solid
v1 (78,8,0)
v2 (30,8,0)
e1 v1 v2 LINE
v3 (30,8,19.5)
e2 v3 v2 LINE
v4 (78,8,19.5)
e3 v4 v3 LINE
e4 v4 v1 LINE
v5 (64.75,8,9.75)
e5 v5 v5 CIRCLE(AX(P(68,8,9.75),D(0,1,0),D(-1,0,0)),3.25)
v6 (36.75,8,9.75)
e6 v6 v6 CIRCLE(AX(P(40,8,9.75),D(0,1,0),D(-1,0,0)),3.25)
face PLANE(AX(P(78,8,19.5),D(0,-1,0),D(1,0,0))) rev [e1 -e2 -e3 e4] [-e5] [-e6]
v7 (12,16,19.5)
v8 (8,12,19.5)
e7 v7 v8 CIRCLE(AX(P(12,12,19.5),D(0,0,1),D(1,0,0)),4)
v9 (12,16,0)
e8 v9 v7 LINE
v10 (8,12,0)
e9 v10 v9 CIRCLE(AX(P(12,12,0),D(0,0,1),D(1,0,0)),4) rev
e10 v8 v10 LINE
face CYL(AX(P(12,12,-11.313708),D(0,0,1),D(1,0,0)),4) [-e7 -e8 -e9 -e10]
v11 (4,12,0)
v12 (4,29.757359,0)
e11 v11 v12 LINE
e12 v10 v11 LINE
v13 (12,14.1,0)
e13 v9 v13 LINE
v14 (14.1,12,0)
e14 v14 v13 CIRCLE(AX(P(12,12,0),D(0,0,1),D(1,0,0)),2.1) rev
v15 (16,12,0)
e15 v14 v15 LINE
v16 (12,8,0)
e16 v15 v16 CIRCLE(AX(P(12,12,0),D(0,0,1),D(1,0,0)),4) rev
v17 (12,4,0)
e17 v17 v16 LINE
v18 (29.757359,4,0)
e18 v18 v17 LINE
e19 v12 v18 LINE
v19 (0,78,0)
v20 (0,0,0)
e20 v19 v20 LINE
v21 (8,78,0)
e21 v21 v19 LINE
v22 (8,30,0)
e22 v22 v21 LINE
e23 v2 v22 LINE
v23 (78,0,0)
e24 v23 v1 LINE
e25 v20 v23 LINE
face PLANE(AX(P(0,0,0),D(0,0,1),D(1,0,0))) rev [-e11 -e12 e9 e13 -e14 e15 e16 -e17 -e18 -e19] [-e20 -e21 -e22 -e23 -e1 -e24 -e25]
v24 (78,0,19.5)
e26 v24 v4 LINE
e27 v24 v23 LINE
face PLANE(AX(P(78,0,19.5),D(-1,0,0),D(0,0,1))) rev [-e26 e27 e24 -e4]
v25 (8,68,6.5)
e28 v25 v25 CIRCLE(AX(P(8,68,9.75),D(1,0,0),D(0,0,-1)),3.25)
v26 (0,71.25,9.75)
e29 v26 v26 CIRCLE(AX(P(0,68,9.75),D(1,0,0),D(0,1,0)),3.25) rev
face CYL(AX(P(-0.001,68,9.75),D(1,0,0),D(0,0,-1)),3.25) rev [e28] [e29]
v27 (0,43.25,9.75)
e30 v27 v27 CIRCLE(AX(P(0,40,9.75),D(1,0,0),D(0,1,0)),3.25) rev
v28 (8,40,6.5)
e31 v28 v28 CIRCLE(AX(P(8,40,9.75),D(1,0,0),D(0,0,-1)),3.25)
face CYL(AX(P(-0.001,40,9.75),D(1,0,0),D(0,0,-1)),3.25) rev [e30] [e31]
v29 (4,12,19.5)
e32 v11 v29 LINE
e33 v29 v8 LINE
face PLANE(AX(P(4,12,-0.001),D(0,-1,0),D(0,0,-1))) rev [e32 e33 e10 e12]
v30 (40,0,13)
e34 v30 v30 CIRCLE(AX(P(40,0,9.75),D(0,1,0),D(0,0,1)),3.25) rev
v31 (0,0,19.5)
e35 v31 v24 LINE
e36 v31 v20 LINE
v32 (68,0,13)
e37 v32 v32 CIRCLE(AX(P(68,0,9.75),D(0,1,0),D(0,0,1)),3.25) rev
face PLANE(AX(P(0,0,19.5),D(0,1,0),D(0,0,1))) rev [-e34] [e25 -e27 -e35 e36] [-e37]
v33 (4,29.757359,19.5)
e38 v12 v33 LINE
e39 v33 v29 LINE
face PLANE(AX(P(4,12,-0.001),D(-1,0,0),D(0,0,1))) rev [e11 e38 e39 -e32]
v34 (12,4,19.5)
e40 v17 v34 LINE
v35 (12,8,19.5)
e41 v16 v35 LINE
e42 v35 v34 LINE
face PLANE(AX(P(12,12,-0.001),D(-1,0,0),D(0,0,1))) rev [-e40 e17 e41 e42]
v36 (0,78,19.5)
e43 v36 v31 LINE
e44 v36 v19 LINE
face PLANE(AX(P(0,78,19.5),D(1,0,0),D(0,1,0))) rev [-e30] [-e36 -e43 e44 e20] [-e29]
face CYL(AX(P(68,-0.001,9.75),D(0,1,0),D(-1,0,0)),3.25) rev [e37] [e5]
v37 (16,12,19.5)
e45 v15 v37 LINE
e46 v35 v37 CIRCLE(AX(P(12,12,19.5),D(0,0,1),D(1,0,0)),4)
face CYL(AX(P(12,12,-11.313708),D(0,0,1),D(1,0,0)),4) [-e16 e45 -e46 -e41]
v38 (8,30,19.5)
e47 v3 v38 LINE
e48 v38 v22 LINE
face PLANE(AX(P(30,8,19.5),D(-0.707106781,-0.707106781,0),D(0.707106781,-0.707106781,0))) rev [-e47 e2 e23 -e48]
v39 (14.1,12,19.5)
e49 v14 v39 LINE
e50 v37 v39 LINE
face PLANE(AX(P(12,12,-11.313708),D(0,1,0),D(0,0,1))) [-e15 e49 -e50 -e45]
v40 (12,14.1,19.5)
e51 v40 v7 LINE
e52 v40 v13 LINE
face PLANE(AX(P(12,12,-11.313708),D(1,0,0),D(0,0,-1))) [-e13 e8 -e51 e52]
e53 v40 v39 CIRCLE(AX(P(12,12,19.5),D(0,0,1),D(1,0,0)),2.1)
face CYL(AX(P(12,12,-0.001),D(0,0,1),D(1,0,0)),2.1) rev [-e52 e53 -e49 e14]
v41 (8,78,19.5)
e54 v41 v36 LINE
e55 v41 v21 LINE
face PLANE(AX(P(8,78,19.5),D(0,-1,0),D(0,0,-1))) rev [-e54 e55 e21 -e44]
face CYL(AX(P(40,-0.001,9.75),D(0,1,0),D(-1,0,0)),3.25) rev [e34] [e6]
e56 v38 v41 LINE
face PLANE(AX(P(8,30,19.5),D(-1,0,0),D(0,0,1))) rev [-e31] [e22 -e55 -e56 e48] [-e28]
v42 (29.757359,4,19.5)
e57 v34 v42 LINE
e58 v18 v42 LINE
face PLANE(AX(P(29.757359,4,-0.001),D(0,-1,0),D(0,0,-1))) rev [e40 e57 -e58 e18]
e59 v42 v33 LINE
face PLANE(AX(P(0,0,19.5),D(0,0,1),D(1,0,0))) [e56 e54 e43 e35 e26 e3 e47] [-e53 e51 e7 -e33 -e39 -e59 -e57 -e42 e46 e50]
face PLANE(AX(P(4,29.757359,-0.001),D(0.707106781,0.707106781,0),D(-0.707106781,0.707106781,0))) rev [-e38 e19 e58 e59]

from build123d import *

# Parameters (mm, degrees)
EXTRUDE_1_DEPTH     = 19.5
CUT_EXTRUDE_1_REACH = 114.019
EXTRUDE_2_DEPTH     = 19.5
CUT_EXTRUDE_2_REACH = 114.019
SKETCH_4_R          = 2.1
CUT_EXTRUDE_3_REACH = 108.603
SKETCH_5_R          = 3.25
CUT_EXTRUDE_4_REACH = 108.603
SKETCH_6_R          = 3.25


with BuildPart() as part:
    # 草图1 → 凸台-拉伸1 (new body)
    with BuildSketch(Plane.XY):
        Polygon((0, 0), (78, 0), (78, 8), (30, 8), (8, 30), (8, 78), (0, 78), align=None)
    extrude(amount=EXTRUDE_1_DEPTH)

    # 草图2 → 切除-拉伸1 (cut, up to next)
    with BuildSketch(Plane.XY.offset(19.5), mode=Mode.PRIVATE) as cut_extrude_1_sk1:
        Polygon((4, 29.757359313), (29.757359313, 4), (12, 4), (12, 12), (4, 12), align=None)
    cut_extrude_1_tool1 = extrude(cut_extrude_1_sk1.sketch, amount=-CUT_EXTRUDE_1_REACH, mode=Mode.PRIVATE) & part.part
    add(cut_extrude_1_tool1.solids().sort_by_distance((13.682042, 13.682042, 19.5))[0], mode=Mode.SUBTRACT)

    # 草图3 → 凸台-拉伸2 (add)
    with BuildSketch(Plane.XY.offset(19.5)):
        with BuildLine():
            Line((12, 12), (12, 16))
            ThreePointArc((12, 16), (9.171572875, 9.171572875), (16, 12))
            Line((16, 12), (12, 12))
        make_face()
    extrude(amount=-EXTRUDE_2_DEPTH)

    # 草图4 → 切除-拉伸2 (cut, up to next)
    with BuildSketch(Plane.XY.offset(19.5), mode=Mode.PRIVATE) as cut_extrude_2_sk1:
        with Locations((12, 12)):
            Circle(SKETCH_4_R)
    cut_extrude_2_tool1 = extrude(cut_extrude_2_sk1.sketch, amount=-CUT_EXTRUDE_2_REACH, mode=Mode.PRIVATE) & part.part
    add(cut_extrude_2_tool1.solids().sort_by_distance((12, 12, 19.5))[0], mode=Mode.SUBTRACT)

    # 草图5 → 切除-拉伸3 (cut, up to next)
    with BuildSketch(Plane(origin=(0, 8, 0), x_dir=(1, 0, 0), z_dir=(0, 1, 0)), mode=Mode.PRIVATE) as cut_extrude_3_sk1:
        with Locations(Location((40, -9.75, 0), (0, 0, 180))):
            Circle(SKETCH_5_R)
    cut_extrude_3_tool1 = extrude(cut_extrude_3_sk1.sketch, amount=-CUT_EXTRUDE_3_REACH, mode=Mode.PRIVATE) & part.part
    # 草图5 → 切除-拉伸3 (cut, up to next)
    with BuildSketch(Plane(origin=(0, 8, 0), x_dir=(1, 0, 0), z_dir=(0, 1, 0)), mode=Mode.PRIVATE) as cut_extrude_3_sk2:
        with Locations(Location((68, -9.75, 0), (0, 0, 180))):
            Circle(SKETCH_5_R)
    cut_extrude_3_tool2 = extrude(cut_extrude_3_sk2.sketch, amount=-CUT_EXTRUDE_3_REACH, mode=Mode.PRIVATE) & part.part
    add(cut_extrude_3_tool1.solids().sort_by_distance((40, 8, 9.75))[0], mode=Mode.SUBTRACT)
    add(cut_extrude_3_tool2.solids().sort_by_distance((68, 8, 9.75))[0], mode=Mode.SUBTRACT)

    # 草图6 → 切除-拉伸4 (cut, up to next)
    with BuildSketch(Plane(origin=(8, 0, 0), x_dir=(0, 0, -1), z_dir=(1, 0, 0)), mode=Mode.PRIVATE) as cut_extrude_4_sk1:
        with Locations((-9.75, 68)):
            Circle(SKETCH_6_R)
    cut_extrude_4_tool1 = extrude(cut_extrude_4_sk1.sketch, amount=-CUT_EXTRUDE_4_REACH, mode=Mode.PRIVATE) & part.part
    # 草图6 → 切除-拉伸4 (cut, up to next)
    with BuildSketch(Plane(origin=(8, 0, 0), x_dir=(0, 0, -1), z_dir=(1, 0, 0)), mode=Mode.PRIVATE) as cut_extrude_4_sk2:
        with Locations((-9.75, 40)):
            Circle(SKETCH_6_R)
    cut_extrude_4_tool2 = extrude(cut_extrude_4_sk2.sketch, amount=-CUT_EXTRUDE_4_REACH, mode=Mode.PRIVATE) & part.part
    add(cut_extrude_4_tool1.solids().sort_by_distance((8, 68, 9.75))[0], mode=Mode.SUBTRACT)
    add(cut_extrude_4_tool2.solids().sort_by_distance((8, 40, 9.75))[0], mode=Mode.SUBTRACT)


solid = part.part
